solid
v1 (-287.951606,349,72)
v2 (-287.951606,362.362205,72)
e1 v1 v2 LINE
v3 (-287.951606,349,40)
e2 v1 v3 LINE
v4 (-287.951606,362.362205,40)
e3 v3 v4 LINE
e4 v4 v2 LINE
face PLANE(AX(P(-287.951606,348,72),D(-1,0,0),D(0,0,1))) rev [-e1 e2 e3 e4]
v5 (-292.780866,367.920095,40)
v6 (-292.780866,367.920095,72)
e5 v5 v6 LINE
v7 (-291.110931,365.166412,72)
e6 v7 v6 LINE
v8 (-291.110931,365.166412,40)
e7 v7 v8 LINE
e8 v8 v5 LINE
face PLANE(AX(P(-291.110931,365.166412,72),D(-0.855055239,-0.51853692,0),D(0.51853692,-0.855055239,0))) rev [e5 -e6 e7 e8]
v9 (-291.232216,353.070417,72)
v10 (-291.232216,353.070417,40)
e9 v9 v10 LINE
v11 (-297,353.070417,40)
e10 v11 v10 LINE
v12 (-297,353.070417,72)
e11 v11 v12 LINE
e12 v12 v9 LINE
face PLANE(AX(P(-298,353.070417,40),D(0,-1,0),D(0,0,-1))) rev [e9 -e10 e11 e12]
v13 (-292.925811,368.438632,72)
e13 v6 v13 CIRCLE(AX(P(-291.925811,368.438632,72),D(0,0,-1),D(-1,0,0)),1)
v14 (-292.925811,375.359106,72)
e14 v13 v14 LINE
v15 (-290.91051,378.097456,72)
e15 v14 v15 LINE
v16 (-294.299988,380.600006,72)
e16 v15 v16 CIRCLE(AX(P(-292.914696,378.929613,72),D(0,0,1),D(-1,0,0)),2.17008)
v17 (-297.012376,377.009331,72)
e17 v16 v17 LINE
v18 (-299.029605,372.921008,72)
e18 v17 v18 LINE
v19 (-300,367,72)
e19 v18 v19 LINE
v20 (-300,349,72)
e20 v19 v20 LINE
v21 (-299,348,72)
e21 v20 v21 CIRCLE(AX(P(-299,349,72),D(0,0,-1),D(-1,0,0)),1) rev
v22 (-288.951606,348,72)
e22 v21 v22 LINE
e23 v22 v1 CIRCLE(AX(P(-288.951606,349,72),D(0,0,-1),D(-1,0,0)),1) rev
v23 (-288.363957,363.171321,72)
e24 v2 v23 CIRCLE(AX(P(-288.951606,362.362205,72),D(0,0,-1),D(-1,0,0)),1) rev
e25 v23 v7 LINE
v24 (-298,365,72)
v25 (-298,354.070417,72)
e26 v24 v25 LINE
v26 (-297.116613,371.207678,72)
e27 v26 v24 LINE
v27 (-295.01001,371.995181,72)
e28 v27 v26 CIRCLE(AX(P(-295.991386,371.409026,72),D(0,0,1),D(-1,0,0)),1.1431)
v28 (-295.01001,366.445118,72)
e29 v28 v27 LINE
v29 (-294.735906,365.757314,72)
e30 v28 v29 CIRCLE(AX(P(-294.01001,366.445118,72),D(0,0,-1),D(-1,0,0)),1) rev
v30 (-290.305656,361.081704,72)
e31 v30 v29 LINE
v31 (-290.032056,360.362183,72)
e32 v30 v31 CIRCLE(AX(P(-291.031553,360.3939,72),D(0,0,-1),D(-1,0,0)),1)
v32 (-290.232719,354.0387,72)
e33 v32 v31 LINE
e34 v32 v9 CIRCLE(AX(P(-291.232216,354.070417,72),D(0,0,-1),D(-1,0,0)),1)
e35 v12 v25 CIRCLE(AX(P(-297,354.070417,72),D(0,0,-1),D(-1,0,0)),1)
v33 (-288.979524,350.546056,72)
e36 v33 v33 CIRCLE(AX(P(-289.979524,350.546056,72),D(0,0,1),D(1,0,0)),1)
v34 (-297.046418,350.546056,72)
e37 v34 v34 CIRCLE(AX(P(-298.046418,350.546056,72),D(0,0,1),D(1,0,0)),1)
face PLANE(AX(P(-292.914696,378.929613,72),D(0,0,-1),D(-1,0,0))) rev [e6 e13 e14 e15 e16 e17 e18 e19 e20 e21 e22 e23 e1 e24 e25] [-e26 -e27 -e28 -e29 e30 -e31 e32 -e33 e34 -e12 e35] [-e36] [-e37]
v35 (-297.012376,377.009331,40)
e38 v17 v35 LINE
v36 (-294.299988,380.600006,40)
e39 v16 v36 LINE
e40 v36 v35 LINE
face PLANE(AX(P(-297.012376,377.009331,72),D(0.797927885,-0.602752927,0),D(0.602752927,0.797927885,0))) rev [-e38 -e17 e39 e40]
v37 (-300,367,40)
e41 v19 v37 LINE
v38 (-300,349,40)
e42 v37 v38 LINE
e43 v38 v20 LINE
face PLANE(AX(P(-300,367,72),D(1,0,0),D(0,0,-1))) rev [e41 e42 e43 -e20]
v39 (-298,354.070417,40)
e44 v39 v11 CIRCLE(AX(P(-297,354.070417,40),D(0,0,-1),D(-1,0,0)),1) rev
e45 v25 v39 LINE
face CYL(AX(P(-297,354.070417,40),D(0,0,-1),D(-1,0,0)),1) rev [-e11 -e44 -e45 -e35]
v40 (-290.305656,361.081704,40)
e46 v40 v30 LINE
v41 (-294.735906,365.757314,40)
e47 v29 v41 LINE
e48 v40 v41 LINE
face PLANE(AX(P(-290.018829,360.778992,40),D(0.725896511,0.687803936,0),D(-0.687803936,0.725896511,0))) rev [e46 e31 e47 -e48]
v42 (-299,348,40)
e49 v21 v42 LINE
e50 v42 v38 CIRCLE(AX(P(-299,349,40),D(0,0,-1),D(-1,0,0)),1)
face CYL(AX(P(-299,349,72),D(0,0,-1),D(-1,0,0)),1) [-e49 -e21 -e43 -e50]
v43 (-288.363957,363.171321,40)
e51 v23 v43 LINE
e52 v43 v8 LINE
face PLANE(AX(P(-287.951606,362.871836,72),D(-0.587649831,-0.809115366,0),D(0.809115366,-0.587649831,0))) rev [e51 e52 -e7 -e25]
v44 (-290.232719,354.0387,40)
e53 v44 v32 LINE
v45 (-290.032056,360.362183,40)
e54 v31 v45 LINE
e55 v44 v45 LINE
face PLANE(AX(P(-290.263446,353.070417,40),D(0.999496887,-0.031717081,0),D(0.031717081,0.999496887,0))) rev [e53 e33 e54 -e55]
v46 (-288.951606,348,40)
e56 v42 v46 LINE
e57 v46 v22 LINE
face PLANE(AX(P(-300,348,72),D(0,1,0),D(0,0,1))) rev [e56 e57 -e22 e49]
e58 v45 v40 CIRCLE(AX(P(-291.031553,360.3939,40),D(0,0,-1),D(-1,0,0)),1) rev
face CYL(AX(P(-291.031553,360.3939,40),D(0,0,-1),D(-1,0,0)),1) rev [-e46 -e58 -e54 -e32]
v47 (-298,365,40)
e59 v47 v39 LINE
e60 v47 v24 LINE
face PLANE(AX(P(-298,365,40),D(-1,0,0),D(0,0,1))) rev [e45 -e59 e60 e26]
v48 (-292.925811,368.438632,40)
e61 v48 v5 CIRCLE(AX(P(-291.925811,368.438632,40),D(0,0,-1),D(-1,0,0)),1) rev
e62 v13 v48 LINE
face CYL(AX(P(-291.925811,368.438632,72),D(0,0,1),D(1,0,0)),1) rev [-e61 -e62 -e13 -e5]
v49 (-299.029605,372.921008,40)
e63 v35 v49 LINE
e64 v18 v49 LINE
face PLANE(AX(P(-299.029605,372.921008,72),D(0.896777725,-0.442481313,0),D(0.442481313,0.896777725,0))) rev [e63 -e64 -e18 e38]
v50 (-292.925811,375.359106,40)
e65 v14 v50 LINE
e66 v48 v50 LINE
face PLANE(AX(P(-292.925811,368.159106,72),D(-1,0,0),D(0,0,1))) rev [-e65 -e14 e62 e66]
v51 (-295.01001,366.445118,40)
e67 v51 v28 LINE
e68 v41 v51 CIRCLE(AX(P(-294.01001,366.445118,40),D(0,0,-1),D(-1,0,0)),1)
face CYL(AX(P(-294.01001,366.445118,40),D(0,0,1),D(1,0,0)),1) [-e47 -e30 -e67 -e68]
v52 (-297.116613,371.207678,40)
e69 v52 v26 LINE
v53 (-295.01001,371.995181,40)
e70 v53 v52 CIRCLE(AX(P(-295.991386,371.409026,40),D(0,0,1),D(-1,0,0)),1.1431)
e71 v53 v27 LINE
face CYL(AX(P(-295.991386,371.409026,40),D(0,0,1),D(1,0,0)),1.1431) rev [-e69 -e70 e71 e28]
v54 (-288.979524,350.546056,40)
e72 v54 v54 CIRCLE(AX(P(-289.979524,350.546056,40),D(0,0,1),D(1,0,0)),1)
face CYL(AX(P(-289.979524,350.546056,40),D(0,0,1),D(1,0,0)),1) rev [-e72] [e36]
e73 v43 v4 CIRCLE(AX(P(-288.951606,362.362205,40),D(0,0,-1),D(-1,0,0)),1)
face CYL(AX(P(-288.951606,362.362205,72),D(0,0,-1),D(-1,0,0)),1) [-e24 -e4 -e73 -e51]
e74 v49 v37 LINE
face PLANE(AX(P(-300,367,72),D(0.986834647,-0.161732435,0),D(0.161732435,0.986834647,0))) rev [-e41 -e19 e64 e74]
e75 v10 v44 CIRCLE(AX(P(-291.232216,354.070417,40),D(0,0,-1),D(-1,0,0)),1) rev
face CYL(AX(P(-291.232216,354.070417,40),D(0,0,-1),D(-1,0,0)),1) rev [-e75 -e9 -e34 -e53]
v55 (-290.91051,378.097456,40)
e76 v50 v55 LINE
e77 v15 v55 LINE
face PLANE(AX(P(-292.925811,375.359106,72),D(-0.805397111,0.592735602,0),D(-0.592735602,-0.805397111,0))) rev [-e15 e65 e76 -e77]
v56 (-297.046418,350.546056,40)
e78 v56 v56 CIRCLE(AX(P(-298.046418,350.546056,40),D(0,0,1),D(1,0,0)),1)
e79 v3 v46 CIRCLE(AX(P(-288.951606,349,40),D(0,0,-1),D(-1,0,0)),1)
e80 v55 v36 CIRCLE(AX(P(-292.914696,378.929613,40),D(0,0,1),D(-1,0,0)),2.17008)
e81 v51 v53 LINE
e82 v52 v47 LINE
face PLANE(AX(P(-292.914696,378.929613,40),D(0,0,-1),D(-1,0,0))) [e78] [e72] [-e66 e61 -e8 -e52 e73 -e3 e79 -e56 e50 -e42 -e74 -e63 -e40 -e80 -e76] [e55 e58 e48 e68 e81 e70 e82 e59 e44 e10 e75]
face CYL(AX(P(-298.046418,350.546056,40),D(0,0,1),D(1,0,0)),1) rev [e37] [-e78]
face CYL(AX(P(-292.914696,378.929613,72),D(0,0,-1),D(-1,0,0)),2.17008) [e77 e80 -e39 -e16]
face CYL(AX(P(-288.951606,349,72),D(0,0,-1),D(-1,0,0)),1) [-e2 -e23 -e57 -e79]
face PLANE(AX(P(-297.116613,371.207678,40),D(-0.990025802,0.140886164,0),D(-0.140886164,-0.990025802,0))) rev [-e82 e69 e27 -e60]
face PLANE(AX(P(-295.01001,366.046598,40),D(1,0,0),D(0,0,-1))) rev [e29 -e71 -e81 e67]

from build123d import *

# Parameters (mm, degrees)
BOSS_EXTRUDE1_DEPTH = 32
CUT_EXTRUDE1_DEPTH  = 32
SKETCH3_R           = 1
CUT_EXTRUDE2_DEPTH  = 32
FILLET2_R           = 1


with BuildPart() as part:
    # Sketch1 → Boss-Extrude1 (new body)
    with BuildSketch(Plane.XY.offset(40)):
        with BuildLine():
            Line((-300, 367), (-300, 348))
            Line((-300, 348), (-287.95160644, 348))
            Line((-287.95160644, 348), (-287.95160644, 362.871836257))
            Line((-287.95160644, 362.871836257), (-291.110931396, 365.166412354))
            Line((-291.110931396, 365.166412354), (-292.925810618, 368.159105691))
            Line((-292.925810618, 368.159105691), (-292.925810618, 375.359105691))
            Line((-292.925810618, 375.359105691), (-290.910509572, 378.097455869))
            ThreePointArc((-290.910509572, 378.097455869), (-291.625724396, 380.675408146), (-294.299987793, 380.600006104))
            Line((-294.299987793, 380.600006104), (-297.012375964, 377.009330623))
            Line((-297.012375964, 377.009330623), (-299.029605392, 372.921007879))
            Line((-299.029605392, 372.921007879), (-300, 367))
        make_face()
    extrude(amount=BOSS_EXTRUDE1_DEPTH)

    # Sketch2 → Cut-Extrude1 (cut)
    with BuildSketch(Plane.XY.offset(72)):
        with BuildLine():
            Line((-297.116612998, 371.207677878), (-298, 365))
            Line((-298, 365), (-298, 353.070416706))
            Line((-298, 353.070416706), (-290.26344591, 353.070416706))
            Line((-290.26344591, 353.070416706), (-290.018829346, 360.778991699))
            Line((-290.018829346, 360.778991699), (-295.010009766, 366.046598155))
            Line((-295.010009766, 366.046598155), (-295.010009766, 371.995180703))
            ThreePointArc((-295.010009766, 371.995180703), (-296.391652801, 372.479756418), (-297.116612998, 371.207677878))
        make_face()
    extrude(amount=-CUT_EXTRUDE1_DEPTH, mode=Mode.SUBTRACT)

    # Sketch3 → Cut-Extrude2 (cut)
    with BuildSketch(Plane.XY.offset(72)):
        with Locations((-298.046417962, 350.546056216)):
            Circle(SKETCH3_R)
        with Locations((-289.979523898, 350.546056216)):
            Circle(SKETCH3_R)
    extrude(amount=-CUT_EXTRUDE2_DEPTH, mode=Mode.SUBTRACT)

    # Fillet2
    fillet2_edges = [part.edges().sort_by_distance(p)[0] for p in [
        (-292.925810618, 368.159105691, 56),
        (-287.95160644, 362.871836257, 56),
        (-287.95160644, 348, 56),
        (-300, 348, 56),
        (-295.010009766, 366.046598155, 56),
        (-290.018829346, 360.778991699, 56),
        (-290.26344591, 353.070416706, 56),
        (-298, 353.070416706, 56),
    ]]
    fillet(fillet2_edges, radius=FILLET2_R)


solid = part.part
